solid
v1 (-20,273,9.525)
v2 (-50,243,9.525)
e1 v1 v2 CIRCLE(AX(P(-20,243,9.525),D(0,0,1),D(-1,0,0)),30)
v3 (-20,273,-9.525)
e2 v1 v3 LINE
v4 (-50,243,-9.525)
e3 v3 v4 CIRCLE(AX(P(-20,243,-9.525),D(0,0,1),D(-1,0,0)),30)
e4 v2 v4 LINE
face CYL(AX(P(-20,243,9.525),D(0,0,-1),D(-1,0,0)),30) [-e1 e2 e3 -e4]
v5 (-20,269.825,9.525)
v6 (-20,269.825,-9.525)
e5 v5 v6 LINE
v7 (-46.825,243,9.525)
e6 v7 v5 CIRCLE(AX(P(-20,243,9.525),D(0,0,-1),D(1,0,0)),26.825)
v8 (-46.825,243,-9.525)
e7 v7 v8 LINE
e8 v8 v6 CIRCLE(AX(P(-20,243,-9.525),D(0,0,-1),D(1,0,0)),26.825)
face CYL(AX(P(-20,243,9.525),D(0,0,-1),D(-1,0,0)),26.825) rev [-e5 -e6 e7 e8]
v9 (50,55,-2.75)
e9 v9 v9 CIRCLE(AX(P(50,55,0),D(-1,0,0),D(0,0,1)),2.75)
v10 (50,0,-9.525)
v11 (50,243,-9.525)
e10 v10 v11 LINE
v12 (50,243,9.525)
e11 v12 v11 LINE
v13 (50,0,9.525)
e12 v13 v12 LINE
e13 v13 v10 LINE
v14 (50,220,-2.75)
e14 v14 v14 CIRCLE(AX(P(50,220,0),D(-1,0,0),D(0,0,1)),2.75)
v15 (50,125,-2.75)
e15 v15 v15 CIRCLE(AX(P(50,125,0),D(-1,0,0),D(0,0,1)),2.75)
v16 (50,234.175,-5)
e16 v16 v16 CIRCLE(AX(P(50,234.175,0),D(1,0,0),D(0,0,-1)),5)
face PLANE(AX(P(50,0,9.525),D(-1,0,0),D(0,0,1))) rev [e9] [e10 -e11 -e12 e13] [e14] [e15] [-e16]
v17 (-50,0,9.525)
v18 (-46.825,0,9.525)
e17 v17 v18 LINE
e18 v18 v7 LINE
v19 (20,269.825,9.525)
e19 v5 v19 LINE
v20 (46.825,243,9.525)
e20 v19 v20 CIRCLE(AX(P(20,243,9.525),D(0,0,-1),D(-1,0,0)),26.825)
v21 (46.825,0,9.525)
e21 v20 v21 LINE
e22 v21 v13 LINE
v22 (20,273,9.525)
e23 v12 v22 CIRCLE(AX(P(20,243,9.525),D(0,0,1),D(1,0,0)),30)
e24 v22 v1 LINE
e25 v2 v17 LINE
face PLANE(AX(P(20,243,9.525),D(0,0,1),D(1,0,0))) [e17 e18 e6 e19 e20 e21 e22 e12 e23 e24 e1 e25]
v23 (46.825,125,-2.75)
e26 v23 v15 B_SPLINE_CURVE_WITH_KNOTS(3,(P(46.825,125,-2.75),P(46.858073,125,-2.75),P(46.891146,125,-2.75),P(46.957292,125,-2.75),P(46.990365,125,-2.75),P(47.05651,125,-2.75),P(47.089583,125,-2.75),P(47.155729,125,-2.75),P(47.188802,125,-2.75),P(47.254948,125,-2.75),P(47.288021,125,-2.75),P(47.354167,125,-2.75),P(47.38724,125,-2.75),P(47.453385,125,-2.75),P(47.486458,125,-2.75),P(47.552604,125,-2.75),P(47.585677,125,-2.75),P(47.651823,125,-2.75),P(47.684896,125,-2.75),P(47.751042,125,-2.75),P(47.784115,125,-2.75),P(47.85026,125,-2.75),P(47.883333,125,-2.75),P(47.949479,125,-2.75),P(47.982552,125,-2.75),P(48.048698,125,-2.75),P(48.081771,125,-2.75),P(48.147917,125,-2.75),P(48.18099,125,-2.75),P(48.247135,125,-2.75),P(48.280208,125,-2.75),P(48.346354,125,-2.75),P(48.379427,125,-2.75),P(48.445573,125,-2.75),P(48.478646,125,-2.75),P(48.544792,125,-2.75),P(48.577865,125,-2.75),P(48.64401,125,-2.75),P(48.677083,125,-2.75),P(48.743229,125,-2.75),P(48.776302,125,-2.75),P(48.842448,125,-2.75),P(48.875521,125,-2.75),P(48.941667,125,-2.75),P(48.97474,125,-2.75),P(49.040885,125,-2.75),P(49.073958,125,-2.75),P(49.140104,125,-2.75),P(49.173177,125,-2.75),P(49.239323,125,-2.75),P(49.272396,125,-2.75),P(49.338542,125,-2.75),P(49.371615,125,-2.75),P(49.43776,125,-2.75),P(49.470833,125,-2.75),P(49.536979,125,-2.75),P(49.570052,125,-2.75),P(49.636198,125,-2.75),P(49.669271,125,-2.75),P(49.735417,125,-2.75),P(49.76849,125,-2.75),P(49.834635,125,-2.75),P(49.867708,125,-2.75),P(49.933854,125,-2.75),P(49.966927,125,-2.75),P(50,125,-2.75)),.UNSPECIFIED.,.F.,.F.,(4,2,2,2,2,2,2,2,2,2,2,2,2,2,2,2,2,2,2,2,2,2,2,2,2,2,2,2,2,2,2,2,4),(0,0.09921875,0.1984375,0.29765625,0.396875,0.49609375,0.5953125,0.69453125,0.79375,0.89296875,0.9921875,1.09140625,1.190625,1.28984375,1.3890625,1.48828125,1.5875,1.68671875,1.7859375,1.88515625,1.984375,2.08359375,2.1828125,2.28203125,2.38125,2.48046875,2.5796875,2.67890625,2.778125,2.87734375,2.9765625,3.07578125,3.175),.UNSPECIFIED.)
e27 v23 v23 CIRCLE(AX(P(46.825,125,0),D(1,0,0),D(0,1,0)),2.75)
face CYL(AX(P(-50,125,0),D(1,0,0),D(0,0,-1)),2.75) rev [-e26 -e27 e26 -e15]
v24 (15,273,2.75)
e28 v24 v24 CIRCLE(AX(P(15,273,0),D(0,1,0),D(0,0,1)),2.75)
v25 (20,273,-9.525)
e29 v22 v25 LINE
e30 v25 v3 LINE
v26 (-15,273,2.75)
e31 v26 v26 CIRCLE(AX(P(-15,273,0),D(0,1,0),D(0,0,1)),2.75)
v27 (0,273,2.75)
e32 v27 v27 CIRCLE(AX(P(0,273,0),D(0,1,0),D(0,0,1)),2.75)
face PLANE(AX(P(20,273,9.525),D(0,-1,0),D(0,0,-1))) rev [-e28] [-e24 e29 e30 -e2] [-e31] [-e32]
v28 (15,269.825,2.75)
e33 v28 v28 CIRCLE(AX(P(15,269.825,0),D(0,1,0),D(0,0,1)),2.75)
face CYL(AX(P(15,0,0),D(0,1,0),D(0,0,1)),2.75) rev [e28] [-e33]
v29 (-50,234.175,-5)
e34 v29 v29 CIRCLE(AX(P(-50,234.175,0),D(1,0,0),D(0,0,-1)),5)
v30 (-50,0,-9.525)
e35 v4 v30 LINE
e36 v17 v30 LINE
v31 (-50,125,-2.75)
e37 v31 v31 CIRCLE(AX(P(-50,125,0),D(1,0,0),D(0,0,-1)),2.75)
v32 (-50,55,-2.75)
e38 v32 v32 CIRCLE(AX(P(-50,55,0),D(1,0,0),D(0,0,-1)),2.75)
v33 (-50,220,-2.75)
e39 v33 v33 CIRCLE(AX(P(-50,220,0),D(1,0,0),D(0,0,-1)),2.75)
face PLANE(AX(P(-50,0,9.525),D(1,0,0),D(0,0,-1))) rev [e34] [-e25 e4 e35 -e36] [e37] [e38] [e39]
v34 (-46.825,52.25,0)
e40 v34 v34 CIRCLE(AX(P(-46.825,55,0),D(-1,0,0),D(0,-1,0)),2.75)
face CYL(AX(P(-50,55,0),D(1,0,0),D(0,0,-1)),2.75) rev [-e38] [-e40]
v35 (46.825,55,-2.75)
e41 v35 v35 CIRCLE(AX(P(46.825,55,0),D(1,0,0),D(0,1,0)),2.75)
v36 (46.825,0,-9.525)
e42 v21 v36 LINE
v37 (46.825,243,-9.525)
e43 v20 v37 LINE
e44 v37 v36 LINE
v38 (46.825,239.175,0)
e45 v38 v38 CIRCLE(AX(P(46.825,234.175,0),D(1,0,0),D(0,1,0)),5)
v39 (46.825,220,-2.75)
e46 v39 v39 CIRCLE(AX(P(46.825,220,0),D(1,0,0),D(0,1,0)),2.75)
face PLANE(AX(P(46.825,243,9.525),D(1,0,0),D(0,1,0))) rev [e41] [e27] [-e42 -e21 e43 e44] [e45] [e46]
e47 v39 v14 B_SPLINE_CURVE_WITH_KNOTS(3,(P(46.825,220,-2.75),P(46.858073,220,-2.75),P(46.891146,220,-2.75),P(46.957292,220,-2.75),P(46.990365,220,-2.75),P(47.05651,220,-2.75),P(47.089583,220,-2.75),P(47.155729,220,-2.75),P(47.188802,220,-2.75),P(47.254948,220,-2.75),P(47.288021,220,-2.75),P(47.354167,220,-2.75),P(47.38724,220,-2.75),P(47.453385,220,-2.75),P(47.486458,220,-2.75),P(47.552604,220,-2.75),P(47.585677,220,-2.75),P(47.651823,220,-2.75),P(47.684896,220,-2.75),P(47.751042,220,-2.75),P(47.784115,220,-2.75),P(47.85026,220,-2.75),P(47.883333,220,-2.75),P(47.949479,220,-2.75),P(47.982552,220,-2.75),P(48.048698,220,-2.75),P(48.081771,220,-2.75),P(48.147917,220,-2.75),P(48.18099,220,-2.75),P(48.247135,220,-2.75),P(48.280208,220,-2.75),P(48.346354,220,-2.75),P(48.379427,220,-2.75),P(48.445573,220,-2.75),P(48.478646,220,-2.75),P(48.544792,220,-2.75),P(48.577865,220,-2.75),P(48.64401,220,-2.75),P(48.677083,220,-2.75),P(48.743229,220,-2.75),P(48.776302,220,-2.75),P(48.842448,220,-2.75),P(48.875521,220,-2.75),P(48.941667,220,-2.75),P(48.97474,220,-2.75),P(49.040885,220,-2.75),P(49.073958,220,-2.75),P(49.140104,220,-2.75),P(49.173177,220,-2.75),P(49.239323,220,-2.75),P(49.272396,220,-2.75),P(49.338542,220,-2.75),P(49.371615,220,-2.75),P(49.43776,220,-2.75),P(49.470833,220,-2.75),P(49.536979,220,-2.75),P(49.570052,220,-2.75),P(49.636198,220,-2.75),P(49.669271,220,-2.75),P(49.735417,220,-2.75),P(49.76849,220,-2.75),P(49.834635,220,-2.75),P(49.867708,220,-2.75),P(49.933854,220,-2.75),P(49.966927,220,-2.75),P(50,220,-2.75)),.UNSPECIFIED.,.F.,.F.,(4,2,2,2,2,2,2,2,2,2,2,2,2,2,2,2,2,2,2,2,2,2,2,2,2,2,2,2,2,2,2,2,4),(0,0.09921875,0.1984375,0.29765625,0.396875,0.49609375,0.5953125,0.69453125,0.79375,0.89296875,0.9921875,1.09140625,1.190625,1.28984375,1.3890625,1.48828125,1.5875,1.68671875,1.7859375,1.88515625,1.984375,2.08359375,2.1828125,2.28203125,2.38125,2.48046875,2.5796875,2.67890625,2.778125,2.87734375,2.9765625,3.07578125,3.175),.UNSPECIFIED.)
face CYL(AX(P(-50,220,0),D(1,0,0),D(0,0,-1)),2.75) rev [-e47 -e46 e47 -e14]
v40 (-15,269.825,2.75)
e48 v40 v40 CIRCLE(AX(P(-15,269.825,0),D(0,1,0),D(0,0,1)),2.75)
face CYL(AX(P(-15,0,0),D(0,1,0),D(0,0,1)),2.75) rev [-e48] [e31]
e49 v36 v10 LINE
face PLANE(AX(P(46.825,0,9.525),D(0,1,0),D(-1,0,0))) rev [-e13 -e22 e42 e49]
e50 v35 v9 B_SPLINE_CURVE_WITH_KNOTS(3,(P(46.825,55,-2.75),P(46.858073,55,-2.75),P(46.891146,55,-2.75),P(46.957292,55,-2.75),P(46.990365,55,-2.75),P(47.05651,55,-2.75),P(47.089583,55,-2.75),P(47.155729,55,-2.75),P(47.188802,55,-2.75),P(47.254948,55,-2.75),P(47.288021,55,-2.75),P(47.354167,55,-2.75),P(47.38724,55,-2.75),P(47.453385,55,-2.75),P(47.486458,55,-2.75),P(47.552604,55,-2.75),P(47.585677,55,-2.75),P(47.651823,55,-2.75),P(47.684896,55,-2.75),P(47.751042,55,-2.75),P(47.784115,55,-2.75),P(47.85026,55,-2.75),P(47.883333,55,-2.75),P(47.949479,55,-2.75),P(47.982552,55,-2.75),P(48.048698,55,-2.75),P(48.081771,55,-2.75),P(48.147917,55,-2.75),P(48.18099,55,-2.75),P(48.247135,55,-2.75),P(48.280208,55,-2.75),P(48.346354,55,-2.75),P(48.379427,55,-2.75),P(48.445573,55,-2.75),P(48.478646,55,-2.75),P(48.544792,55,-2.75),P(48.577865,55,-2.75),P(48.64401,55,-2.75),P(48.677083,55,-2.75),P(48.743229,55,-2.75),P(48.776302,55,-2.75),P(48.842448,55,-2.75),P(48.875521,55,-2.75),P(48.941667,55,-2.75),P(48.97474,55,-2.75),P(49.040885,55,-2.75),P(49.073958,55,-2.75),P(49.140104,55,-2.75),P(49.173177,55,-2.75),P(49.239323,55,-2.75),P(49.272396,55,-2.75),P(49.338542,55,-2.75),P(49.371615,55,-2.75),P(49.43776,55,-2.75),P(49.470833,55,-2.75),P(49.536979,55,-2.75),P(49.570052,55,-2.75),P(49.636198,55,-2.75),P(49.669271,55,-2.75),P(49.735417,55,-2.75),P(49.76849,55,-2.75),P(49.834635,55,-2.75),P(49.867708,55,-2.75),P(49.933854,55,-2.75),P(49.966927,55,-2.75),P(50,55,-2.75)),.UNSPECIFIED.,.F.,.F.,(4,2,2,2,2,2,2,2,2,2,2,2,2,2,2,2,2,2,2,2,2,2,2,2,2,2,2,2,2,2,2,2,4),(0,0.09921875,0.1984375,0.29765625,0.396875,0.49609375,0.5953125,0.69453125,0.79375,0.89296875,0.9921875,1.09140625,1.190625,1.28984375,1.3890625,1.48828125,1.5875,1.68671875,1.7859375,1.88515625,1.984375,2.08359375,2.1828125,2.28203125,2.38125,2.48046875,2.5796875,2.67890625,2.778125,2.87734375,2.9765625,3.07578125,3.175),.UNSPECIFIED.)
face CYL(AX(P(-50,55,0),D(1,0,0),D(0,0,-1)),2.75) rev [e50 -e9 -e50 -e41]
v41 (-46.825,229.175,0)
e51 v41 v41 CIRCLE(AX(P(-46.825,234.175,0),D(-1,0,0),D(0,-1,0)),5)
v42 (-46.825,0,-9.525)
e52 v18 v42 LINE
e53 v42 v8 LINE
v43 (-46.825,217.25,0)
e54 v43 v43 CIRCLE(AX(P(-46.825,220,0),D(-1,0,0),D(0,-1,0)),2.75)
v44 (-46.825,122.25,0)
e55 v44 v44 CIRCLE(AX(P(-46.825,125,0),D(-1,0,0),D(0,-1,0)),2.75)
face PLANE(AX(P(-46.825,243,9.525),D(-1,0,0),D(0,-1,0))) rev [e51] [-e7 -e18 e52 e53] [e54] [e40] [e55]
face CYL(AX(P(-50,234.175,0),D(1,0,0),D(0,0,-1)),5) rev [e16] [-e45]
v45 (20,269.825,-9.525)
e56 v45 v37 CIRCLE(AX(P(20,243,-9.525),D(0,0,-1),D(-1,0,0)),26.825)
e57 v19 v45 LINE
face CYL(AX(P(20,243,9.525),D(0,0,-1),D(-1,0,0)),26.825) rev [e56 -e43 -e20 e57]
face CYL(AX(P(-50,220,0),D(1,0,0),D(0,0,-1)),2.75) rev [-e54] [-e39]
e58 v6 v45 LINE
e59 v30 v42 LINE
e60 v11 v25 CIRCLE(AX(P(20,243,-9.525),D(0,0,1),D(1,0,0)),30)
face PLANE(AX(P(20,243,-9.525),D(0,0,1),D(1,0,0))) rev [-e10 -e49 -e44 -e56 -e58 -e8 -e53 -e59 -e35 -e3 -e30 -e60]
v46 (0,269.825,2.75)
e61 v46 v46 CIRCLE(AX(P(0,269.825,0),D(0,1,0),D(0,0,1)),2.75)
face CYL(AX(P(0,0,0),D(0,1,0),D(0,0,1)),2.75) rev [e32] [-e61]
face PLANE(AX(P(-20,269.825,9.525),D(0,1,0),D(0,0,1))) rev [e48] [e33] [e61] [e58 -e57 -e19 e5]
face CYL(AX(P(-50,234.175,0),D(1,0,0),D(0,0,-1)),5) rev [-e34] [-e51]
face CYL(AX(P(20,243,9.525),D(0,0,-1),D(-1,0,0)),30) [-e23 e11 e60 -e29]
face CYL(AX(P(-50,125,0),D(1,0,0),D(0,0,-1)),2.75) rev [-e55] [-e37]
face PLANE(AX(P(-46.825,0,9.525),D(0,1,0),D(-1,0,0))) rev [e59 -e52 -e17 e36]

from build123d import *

# Parameters (mm, degrees)
BOSS_EXTRUDE1_DEPTH     = 9.525
SKETCH12_R              = 2.75
CUT_EXTRUDE2_DEPTH      = 278.704385318
CUT_EXTRUDE3_DEPTH      = 291.894698516
CUT_EXTRUDE3_DEPTH_BACK = 291.894698516
SKETCH13_R              = 2.75
SKETCH14_R              = 5
CUT_EXTRUDE4_DEPTH      = 291.894698516


with BuildPart() as part:
    # Sketch1 → Boss-Extrude1 (new, symmetric)
    with BuildSketch(Plane.XY):
        with BuildLine():
            Line((50, 0), (50, 243))
            ThreePointArc((50, 243), (41.213203436, 264.213203436), (20, 273))
            Line((20, 273), (-20, 273))
            ThreePointArc((-20, 273), (-41.213203436, 264.213203436), (-50, 243))
            Line((-50, 243), (-50, 0))
            Line((-50, 0), (-46.825, 0))
            Line((-46.825, 0), (-46.825, 243))
            ThreePointArc((-46.825, 243), (-38.968139405, 261.968139405), (-20, 269.825))
            Line((-20, 269.825), (20, 269.825))
            ThreePointArc((20, 269.825), (38.968139405, 261.968139405), (46.825, 243))
            Line((46.825, 243), (46.825, 0))
            Line((46.825, 0), (50, 0))
        make_face()
    extrude(amount=BOSS_EXTRUDE1_DEPTH, both=True)

    # Sketch12 → Cut-Extrude2 (cut, through all)
    with BuildSketch(Plane(origin=(0, 273, 0), x_dir=(1, 0, 0), z_dir=(0, 1, 0))):
        with Locations(Location((0, 0, 0), (0, 0, 270))):
            Circle(SKETCH12_R)
        with Locations(Location((-15, 0, 0), (0, 0, 270))):
            Circle(SKETCH12_R)
        with Locations(Location((15, 0, 0), (0, 0, 270))):
            Circle(SKETCH12_R)
    extrude(amount=-CUT_EXTRUDE2_DEPTH, mode=Mode.SUBTRACT)

    # Sketch13 → Cut-Extrude3 (cut, two sides: drawn at the far end of the back side and taken through both)
    with BuildSketch(Plane(origin=(50, 0, 0), x_dir=(0, 0, -1), z_dir=(1, 0, 0)).offset(-CUT_EXTRUDE3_DEPTH_BACK)):
        with Locations((0, 220)):
            Circle(SKETCH13_R)
        with Locations((0, 125)):
            Circle(SKETCH13_R)
        with Locations((0, 55)):
            Circle(SKETCH13_R)
    extrude(amount=CUT_EXTRUDE3_DEPTH + CUT_EXTRUDE3_DEPTH_BACK, mode=Mode.SUBTRACT)

    # Sketch14 → Cut-Extrude4 (cut, through all)
    with BuildSketch(Plane(origin=(50, 0, 0), x_dir=(0, 0, -1), z_dir=(1, 0, 0))):
        with Locations((0, 234.175)):
            Circle(SKETCH14_R)
    extrude(amount=-CUT_EXTRUDE4_DEPTH, mode=Mode.SUBTRACT)


solid = part.part
